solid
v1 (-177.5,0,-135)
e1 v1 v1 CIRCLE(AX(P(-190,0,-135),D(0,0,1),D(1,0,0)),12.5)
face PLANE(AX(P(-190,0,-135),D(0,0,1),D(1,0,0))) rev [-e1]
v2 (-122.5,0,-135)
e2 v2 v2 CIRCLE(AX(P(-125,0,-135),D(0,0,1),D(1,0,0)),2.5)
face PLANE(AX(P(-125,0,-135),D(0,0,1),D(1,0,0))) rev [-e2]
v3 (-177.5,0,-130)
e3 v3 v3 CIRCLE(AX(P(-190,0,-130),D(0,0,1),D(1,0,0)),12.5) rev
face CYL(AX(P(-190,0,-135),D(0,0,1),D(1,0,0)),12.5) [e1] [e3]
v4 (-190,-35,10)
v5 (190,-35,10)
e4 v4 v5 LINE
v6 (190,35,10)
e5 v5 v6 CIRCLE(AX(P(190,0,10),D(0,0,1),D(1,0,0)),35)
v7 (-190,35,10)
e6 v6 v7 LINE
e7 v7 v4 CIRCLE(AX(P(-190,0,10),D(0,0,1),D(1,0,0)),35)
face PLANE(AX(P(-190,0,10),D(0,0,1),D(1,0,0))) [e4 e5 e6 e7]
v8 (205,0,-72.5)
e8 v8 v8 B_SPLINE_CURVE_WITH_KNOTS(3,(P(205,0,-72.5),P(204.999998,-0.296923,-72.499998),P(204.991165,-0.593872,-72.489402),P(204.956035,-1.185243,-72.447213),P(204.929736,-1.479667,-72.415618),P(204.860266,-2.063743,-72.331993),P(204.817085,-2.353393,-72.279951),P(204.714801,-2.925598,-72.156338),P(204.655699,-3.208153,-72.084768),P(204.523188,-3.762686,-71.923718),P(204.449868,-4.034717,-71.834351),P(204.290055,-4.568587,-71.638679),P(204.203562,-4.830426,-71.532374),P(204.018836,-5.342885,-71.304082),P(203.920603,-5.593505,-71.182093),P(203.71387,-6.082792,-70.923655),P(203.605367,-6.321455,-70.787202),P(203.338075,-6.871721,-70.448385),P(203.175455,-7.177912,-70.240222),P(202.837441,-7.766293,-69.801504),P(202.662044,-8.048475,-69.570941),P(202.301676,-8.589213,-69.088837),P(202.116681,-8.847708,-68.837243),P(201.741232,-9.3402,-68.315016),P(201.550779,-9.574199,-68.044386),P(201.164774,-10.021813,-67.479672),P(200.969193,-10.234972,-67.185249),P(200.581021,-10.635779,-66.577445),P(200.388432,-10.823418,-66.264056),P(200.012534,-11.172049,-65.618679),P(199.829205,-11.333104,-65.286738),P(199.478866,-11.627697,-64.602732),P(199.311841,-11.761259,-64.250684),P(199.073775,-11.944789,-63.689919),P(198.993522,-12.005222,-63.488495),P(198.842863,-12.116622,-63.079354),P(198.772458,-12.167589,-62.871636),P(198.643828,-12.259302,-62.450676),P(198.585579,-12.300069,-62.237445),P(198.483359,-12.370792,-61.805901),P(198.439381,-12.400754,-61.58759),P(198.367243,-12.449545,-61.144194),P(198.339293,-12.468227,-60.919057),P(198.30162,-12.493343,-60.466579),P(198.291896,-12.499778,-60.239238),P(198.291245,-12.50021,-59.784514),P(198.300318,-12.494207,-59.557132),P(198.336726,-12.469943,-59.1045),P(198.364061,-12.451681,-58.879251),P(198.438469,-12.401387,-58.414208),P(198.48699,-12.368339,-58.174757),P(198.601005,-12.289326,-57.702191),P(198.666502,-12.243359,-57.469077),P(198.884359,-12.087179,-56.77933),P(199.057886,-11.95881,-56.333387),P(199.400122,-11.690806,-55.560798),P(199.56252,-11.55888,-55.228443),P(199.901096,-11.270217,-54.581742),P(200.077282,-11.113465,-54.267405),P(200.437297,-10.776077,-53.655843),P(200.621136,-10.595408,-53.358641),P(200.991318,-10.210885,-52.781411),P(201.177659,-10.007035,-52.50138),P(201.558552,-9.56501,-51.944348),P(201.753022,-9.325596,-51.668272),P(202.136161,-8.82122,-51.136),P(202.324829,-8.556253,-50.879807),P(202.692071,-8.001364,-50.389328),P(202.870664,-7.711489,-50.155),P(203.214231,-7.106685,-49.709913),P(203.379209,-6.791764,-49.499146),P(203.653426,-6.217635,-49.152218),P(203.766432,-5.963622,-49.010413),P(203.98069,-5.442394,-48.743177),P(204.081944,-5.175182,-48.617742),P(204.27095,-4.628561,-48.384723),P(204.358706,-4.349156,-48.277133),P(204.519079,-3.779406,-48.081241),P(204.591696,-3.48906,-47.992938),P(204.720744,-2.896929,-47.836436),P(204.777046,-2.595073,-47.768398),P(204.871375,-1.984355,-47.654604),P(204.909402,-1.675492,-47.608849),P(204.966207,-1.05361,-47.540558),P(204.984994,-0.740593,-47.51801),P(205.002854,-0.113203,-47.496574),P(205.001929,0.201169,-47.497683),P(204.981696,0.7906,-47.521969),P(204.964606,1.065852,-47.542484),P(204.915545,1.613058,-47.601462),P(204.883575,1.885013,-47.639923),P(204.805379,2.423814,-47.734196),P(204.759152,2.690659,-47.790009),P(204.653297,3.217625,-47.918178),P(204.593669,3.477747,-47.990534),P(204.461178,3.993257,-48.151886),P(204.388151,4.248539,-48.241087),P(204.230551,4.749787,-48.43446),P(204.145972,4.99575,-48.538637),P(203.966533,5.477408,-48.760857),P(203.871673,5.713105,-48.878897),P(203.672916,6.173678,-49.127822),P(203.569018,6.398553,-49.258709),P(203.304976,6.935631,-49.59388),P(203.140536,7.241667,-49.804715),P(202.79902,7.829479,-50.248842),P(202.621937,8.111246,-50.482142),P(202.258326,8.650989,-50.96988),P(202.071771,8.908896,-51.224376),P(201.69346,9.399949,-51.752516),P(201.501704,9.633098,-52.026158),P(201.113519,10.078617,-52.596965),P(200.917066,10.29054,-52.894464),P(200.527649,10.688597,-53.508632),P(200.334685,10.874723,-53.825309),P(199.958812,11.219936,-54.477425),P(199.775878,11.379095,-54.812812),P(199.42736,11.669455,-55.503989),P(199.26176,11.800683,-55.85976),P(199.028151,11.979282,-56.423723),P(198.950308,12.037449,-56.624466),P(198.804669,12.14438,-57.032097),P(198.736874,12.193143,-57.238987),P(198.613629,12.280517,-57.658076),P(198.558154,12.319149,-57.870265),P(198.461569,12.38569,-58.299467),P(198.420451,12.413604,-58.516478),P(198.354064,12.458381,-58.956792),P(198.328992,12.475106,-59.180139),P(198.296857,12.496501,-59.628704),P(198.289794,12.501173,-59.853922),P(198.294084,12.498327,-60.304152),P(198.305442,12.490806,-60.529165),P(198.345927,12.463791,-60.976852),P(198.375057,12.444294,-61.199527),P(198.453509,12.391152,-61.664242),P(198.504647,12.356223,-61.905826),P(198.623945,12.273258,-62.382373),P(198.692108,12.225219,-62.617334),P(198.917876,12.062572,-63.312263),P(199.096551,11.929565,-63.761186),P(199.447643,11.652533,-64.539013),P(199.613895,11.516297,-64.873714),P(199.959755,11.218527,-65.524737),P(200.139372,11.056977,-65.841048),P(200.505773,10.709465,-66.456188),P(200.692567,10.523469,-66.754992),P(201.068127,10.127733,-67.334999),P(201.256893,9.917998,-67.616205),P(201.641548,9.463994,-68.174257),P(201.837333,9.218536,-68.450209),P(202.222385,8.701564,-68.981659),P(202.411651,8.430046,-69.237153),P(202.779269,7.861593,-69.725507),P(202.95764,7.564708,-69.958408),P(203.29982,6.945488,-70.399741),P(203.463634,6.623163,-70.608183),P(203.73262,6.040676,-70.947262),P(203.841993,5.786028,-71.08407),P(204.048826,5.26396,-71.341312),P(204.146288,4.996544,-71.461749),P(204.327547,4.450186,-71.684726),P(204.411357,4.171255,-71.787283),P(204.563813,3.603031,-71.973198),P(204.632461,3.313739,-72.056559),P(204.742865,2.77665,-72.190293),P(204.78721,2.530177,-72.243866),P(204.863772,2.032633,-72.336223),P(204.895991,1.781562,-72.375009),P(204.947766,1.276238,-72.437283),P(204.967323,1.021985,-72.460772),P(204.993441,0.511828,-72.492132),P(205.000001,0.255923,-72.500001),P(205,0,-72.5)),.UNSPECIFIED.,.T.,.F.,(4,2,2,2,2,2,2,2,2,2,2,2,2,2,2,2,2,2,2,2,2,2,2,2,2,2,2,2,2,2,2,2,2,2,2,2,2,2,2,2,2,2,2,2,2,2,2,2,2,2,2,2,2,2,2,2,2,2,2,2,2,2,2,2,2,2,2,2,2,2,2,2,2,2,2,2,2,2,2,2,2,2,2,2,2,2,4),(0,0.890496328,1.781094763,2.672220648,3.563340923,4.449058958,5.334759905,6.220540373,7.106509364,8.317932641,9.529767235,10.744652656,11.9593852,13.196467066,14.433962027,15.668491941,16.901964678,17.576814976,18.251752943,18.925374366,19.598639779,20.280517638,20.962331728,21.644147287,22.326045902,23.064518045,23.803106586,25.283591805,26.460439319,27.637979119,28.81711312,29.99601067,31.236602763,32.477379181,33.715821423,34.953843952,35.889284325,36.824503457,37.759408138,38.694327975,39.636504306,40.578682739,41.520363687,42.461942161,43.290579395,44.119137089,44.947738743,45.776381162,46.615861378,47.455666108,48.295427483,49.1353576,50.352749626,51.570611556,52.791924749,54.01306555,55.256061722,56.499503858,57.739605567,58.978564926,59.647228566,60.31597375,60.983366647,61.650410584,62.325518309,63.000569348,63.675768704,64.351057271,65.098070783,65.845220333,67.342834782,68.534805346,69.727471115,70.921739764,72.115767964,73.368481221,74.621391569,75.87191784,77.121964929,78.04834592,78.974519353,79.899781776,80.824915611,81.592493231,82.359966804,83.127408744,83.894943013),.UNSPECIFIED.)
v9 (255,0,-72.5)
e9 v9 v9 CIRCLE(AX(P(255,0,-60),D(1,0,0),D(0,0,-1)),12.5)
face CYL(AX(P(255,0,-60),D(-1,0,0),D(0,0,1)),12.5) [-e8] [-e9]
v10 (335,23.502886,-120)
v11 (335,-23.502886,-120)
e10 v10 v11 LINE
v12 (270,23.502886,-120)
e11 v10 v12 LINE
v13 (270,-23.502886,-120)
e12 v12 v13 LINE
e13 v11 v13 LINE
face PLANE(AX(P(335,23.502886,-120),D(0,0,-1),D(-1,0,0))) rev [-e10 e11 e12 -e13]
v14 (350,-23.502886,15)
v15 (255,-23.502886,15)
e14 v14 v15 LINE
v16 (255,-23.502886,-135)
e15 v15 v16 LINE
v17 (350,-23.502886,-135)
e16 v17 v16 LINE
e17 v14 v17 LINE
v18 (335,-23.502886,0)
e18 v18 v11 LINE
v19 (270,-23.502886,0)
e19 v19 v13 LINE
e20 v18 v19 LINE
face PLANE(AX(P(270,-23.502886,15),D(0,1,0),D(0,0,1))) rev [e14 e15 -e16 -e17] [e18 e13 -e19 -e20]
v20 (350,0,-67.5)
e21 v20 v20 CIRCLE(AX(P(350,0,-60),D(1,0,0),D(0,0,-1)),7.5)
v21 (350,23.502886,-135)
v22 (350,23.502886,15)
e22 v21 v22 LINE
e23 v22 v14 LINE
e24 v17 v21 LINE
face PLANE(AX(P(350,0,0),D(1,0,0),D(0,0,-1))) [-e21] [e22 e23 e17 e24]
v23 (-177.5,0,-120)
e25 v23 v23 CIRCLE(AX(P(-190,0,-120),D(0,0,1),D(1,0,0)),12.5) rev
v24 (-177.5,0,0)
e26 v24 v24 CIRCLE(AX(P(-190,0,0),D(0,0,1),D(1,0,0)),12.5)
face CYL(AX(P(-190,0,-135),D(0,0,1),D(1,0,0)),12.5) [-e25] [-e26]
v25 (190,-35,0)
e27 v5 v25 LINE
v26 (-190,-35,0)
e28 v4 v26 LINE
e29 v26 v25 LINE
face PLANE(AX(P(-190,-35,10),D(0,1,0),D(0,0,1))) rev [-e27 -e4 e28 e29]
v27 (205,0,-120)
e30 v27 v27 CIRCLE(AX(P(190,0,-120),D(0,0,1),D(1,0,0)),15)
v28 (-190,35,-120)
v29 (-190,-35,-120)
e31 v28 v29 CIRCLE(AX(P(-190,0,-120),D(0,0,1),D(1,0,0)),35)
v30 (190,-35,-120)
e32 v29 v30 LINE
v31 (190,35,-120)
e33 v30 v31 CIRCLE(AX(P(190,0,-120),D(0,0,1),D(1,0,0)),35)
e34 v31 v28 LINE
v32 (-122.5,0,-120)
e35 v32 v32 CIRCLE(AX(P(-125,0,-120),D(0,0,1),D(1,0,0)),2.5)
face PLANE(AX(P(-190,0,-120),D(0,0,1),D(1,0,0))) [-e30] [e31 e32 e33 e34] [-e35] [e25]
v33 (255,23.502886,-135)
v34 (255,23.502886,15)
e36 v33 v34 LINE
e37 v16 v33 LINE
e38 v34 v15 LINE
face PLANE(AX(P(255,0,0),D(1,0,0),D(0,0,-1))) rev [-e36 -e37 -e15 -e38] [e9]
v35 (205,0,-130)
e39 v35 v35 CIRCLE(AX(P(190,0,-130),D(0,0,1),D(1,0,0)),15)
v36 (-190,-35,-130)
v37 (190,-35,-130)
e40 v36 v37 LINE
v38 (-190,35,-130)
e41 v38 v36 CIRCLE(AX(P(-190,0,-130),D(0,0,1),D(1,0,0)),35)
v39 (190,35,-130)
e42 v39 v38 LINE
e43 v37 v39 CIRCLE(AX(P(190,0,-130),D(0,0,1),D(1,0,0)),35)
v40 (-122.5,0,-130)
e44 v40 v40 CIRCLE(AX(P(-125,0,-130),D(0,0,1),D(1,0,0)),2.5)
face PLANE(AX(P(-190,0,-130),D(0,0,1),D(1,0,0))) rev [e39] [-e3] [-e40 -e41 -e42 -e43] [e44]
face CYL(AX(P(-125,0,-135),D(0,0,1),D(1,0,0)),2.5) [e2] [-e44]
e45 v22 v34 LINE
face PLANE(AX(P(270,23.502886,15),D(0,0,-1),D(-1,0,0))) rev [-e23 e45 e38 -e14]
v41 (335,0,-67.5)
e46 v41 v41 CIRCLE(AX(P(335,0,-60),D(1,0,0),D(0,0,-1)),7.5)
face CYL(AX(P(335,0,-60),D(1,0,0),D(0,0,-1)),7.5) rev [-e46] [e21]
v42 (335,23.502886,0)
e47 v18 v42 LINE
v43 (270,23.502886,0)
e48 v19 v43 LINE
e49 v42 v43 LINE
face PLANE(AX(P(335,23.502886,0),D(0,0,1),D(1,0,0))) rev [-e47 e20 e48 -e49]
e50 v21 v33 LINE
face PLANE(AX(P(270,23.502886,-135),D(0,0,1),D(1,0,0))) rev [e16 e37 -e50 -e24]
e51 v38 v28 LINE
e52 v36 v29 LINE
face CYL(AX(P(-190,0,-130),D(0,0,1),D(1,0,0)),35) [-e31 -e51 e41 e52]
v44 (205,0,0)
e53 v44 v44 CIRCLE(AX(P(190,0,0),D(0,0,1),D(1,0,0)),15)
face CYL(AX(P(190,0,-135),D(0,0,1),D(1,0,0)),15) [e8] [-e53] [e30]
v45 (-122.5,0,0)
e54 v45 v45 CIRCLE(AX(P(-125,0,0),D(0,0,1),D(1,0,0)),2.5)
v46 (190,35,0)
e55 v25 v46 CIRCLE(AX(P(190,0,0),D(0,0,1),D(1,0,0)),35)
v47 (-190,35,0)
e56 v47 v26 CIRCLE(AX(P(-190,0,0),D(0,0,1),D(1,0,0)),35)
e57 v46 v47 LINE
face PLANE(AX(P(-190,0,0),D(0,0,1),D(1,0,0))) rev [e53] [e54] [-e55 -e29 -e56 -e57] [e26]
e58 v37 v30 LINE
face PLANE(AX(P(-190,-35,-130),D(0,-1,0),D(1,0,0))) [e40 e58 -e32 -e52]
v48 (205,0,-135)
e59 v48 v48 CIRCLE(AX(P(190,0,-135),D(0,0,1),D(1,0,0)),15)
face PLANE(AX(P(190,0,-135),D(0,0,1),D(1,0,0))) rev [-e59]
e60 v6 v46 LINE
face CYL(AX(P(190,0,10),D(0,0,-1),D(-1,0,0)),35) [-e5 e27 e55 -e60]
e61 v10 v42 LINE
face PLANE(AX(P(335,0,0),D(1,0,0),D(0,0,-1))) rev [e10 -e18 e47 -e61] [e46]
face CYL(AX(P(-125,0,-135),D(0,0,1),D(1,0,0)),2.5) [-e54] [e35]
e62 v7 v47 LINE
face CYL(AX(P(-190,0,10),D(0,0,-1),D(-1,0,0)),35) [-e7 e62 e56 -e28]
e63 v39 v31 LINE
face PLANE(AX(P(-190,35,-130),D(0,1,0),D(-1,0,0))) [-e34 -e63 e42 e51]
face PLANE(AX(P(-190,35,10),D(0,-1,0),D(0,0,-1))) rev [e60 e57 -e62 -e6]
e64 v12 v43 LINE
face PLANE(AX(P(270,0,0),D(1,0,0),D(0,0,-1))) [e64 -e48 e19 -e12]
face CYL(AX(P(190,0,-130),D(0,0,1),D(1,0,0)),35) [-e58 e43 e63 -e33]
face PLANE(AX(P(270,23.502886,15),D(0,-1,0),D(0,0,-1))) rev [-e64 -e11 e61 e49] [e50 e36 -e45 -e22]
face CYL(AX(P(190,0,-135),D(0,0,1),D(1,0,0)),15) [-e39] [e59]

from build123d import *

# Parameters (mm, degrees)
BOSS_EXTRUDE1_DEPTH = 10
BOSS_EXTRUDE2_DEPTH = 10
SKETCH3_R           = 12.5
BOSS_EXTRUDE3_DEPTH = 145
SKETCH4_R           = 2.5
BOSS_EXTRUDE4_DEPTH = 145
SKETCH5_R           = 15
BOSS_EXTRUDE5_DEPTH = 145
SKETCH6_R           = 12.5
BOSS_EXTRUDE6_DEPTH = 65
SKETCH7_W           = 150
SKETCH7_H           = 47.005771534
BOSS_EXTRUDE7_DEPTH = 15
SKETCH9_W           = 15
SKETCH9_H           = 47.005771534
BOSS_EXTRUDE8_DEPTH = 65
SKETCH10_W          = 150
SKETCH10_H          = 47.005771534
BOSS_EXTRUDE9_DEPTH = 15
SKETCH11_R          = 7.5
CUT_EXTRUDE1_DEPTH  = 15


with BuildPart() as part:
    # Sketch1 → Boss-Extrude1 (new body)
    with BuildSketch(Plane.XY):
        with BuildLine():
            Line((-190, 35), (190, 35))
            ThreePointArc((190, 35), (225, 0), (190, -35))
            Line((190, -35), (-190, -35))
            ThreePointArc((-190, -35), (-225, 0), (-190, 35))
        make_face()
    extrude(amount=BOSS_EXTRUDE1_DEPTH)



with BuildPart() as body_2:
    # Sketch2 → Boss-Extrude2 (new body)
    with BuildSketch(Plane.XY.offset(-120)):
        with BuildLine():
            Line((-190, 35), (190, 35))
            ThreePointArc((190, 35), (225, 0), (190, -35))
            Line((190, -35), (-190, -35))
            ThreePointArc((-190, -35), (-225, 0), (-190, 35))
        make_face()
    extrude(amount=-BOSS_EXTRUDE2_DEPTH)


with BuildPart() as part_1:
    add(part.part)

    add(body_2.part)  # Boss-Extrude3 merges body 2
    # Sketch3 → Boss-Extrude3 (add)
    with BuildSketch(Plane.XY.offset(10)):
        with Locations((-190, 0)):
            Circle(SKETCH3_R)
    extrude(amount=-BOSS_EXTRUDE3_DEPTH)

    # Sketch4 → Boss-Extrude4 (add)
    with BuildSketch(Plane.XY.offset(10)):
        with Locations((-125, 0)):
            Circle(SKETCH4_R)
    extrude(amount=-BOSS_EXTRUDE4_DEPTH)

    # Sketch5 → Boss-Extrude5 (add)
    with BuildSketch(Plane.XY.offset(10)):
        with Locations((190, 0)):
            Circle(SKETCH5_R)
    extrude(amount=-BOSS_EXTRUDE5_DEPTH)

    # Sketch6 → Boss-Extrude6 (add)
    with BuildSketch(Plane(origin=(190, 0, 0), x_dir=(0, 0, -1), z_dir=(1, 0, 0))):
        with Locations((60, 0)):
            Circle(SKETCH6_R)
    extrude(amount=BOSS_EXTRUDE6_DEPTH)

    # Sketch7 → Boss-Extrude7 (add)
    with BuildSketch(Plane(origin=(255, 0, 0), x_dir=(0, 0, -1), z_dir=(1, 0, 0))):
        with Locations((60, 0)):
            Rectangle(SKETCH7_W, SKETCH7_H)
    extrude(amount=BOSS_EXTRUDE7_DEPTH)

    # Sketch9 → Boss-Extrude8 (add)
    with BuildSketch(Plane(origin=(270, 0, 0), x_dir=(0, 0, -1), z_dir=(1, 0, 0))):
        with Locations((-7.5, 0)):
            Rectangle(SKETCH9_W, SKETCH9_H)
        with Locations((127.5, 0)):
            Rectangle(SKETCH9_W, SKETCH9_H)
    extrude(amount=BOSS_EXTRUDE8_DEPTH)

    # Sketch10 → Boss-Extrude9 (add)
    with BuildSketch(Plane(origin=(335, 0, 0), x_dir=(0, 0, -1), z_dir=(1, 0, 0))):
        with Locations((60, 0)):
            Rectangle(SKETCH10_W, SKETCH10_H)
    extrude(amount=BOSS_EXTRUDE9_DEPTH)

    # Sketch11 → Cut-Extrude1 (cut)
    with BuildSketch(Plane(origin=(350, 0, 0), x_dir=(0, 0, -1), z_dir=(1, 0, 0))):
        with Locations((60, 0)):
            Circle(SKETCH11_R)
    extrude(amount=-CUT_EXTRUDE1_DEPTH, mode=Mode.SUBTRACT)


solid = part_1.part
